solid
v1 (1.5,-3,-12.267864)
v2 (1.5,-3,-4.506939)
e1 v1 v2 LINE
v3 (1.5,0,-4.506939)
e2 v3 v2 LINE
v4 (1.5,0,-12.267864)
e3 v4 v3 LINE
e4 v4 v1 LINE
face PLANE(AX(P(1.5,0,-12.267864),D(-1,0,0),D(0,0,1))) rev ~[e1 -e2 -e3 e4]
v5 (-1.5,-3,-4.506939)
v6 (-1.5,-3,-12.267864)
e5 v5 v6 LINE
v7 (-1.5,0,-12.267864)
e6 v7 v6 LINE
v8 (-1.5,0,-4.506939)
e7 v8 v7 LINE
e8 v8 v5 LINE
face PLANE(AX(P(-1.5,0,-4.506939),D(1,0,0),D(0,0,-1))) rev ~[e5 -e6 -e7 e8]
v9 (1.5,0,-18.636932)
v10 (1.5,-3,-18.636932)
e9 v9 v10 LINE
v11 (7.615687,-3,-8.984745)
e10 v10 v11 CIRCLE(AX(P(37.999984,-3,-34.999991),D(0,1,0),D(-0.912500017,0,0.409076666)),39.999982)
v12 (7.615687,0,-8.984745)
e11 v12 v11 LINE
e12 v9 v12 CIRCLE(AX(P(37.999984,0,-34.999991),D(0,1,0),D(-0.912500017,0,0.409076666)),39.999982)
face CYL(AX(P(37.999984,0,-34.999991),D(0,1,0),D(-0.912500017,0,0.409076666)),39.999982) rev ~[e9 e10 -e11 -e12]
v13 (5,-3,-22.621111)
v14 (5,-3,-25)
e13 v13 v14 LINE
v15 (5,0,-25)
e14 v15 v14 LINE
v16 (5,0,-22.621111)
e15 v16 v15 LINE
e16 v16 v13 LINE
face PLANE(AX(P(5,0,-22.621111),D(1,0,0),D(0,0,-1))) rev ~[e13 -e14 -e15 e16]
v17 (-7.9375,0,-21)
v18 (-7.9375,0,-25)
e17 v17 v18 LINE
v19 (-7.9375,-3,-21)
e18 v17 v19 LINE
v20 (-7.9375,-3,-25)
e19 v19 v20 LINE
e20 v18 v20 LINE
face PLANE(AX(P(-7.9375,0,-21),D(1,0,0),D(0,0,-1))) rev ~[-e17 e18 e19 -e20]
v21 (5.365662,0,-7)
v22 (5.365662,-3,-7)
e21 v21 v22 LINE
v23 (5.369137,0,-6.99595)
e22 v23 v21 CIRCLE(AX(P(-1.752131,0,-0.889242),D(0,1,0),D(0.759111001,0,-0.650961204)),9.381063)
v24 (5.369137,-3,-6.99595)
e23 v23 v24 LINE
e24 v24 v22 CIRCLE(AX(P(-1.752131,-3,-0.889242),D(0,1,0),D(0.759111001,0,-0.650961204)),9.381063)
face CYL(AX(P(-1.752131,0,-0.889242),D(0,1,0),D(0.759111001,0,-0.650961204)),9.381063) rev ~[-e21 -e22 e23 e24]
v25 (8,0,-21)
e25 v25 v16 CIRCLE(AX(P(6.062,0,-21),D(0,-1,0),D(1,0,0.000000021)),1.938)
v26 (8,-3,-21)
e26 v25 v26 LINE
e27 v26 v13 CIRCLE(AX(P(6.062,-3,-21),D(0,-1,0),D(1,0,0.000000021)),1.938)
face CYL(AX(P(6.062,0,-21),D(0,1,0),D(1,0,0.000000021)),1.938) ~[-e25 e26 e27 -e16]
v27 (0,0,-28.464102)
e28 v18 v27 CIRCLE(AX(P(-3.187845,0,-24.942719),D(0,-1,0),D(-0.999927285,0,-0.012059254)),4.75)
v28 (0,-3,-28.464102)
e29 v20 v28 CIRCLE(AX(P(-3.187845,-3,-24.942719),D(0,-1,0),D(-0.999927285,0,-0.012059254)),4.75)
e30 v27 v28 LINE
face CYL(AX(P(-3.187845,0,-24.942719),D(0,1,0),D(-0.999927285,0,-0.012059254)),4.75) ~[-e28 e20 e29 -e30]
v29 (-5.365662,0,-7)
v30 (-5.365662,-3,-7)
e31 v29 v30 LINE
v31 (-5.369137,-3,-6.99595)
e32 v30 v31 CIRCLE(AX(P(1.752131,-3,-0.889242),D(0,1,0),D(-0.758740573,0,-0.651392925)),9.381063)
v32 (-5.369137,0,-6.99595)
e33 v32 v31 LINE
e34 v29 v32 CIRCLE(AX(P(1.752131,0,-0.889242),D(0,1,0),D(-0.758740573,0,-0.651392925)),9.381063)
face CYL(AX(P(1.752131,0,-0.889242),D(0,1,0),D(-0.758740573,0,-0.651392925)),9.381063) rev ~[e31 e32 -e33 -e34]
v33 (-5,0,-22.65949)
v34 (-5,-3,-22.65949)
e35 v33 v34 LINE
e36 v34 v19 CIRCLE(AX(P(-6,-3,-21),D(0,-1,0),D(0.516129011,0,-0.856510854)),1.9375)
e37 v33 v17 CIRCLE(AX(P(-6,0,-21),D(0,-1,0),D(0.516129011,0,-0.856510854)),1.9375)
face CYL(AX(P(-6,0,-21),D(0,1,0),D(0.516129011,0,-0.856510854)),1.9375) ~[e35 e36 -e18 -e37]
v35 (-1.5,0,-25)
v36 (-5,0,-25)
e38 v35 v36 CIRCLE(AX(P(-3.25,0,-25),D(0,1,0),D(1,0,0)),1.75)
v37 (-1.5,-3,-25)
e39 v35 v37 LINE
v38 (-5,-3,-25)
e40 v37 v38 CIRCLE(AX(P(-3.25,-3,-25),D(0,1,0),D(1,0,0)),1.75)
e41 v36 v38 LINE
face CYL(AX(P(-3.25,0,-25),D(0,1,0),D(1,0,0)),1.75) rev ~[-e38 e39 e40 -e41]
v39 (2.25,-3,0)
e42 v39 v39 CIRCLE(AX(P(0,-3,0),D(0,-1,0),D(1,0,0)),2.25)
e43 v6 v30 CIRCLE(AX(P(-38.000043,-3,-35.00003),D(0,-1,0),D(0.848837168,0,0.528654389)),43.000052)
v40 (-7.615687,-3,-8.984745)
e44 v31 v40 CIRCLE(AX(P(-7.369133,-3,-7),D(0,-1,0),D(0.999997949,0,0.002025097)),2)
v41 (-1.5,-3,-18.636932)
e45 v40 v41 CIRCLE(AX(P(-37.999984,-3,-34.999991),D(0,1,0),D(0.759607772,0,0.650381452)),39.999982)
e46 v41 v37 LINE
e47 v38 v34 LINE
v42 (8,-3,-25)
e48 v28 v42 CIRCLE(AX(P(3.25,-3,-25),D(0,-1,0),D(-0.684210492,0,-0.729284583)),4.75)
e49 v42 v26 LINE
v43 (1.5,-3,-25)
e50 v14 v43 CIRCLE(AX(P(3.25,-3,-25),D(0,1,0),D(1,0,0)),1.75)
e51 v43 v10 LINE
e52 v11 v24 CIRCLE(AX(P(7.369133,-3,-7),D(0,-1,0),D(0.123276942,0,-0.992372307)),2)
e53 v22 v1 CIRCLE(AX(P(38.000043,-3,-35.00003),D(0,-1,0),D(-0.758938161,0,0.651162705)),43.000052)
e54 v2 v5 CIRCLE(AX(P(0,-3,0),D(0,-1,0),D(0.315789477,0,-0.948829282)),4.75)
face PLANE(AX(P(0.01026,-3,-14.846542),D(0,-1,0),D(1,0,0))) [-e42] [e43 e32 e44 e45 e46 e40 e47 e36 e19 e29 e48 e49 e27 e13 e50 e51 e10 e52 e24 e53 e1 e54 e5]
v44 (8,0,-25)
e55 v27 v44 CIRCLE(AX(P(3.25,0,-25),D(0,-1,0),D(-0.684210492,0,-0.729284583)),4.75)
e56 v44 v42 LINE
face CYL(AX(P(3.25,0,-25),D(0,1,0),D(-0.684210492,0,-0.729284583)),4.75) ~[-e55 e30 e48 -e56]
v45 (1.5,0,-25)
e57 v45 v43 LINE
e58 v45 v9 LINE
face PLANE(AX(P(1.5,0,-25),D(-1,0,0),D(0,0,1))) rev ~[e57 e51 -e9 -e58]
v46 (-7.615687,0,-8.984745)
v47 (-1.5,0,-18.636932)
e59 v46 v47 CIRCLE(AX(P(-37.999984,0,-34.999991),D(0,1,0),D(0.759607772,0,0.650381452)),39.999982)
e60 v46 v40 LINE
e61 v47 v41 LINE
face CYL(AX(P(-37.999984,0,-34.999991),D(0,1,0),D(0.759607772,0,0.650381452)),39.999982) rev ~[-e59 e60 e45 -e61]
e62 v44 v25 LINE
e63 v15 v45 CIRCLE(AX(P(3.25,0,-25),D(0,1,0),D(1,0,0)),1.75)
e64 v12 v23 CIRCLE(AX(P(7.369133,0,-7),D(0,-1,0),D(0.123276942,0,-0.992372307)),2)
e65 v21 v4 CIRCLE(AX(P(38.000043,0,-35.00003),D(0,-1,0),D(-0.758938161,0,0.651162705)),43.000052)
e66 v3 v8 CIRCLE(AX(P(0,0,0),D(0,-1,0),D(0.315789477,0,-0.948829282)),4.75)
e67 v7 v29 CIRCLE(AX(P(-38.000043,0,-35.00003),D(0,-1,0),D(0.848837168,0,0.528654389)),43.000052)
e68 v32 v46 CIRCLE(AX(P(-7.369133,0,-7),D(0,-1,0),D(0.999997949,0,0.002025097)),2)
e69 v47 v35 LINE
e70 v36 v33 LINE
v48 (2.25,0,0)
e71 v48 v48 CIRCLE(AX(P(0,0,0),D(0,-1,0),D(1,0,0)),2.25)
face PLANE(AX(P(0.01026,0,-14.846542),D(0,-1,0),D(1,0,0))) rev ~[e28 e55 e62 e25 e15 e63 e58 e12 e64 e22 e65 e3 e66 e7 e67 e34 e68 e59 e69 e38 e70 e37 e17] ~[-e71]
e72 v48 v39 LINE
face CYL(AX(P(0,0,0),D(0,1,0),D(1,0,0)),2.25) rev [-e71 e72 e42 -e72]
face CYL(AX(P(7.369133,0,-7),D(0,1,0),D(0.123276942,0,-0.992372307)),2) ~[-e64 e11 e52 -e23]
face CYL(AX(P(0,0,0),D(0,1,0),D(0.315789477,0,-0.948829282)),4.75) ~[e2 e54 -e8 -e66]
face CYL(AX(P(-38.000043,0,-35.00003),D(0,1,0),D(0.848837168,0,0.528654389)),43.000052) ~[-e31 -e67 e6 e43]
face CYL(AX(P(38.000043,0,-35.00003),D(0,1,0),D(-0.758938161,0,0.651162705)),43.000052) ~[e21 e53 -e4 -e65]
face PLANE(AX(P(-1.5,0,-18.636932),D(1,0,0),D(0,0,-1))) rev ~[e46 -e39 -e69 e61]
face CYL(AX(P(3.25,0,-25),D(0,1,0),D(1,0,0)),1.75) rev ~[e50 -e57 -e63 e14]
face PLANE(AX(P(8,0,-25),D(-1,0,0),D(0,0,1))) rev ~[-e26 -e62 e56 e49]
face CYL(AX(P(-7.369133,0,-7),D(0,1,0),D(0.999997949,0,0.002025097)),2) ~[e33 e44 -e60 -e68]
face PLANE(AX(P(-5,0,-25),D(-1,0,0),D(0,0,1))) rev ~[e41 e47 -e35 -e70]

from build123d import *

# Parameters (mm, degrees)
F1_R     = 2.25
F0_DEPTH = 3


with BuildPart() as f0:
    # F1 (on Front) → F0 (new body)
    with BuildSketch(Plane.XZ):
        with BuildLine():
            Line((1.5, -12.267864), (1.5, -4.506939))
            ThreePointArc((1.5, -4.506939), (0, 4.75), (-1.5, -4.506939))
            Line((-1.5, -4.506939), (-1.5, -12.267864))
            ThreePointArc((-1.5, -12.267864), (-3.332627, -9.5604), (-5.365662, -7))
            Line((-5.365662, -7), (-5.369133, -7))
            ThreePointArc((-5.369133, -7), (-5.369134, -6.997975), (-5.369137, -6.99595))
            ThreePointArc((-5.369137, -6.99595), (-8.694828, -5.502491), (-7.615687, -8.984745))
            ThreePointArc((-7.615687, -8.984745), (-4.211407, -13.591334), (-1.5, -18.636932))
            Line((-1.5, -18.636932), (-1.5, -25))
            ThreePointArc((-1.5, -25), (-3.25, -26.75), (-5, -25))
            Line((-5, -25), (-5, -22.65949))
            ThreePointArc((-5, -22.65949), (-5.047003, -19.313079), (-7.9375, -21))
            Line((-7.9375, -21), (-7.9375, -25))
            ThreePointArc((-7.9375, -25), (-5.087796, -29.296187), (0, -28.464102))
            ThreePointArc((0, -28.464102), (5.137459, -29.358899), (8, -25))
            Line((8, -25), (8, -21))
            ThreePointArc((8, -21), (5.140673, -19.295007), (5, -22.621111))
            Line((5, -22.621111), (5, -25))
            ThreePointArc((5, -25), (3.25, -26.75), (1.5, -25))
            Line((1.5, -25), (1.5, -18.636932))
            ThreePointArc((1.5, -18.636932), (4.211407, -13.591334), (7.615687, -8.984745))
            ThreePointArc((7.615687, -8.984745), (8.694828, -5.502491), (5.369137, -6.99595))
            ThreePointArc((5.369137, -6.99595), (5.369134, -6.997975), (5.369133, -7))
            Line((5.369133, -7), (5.365662, -7))
            ThreePointArc((5.365662, -7), (3.332627, -9.5604), (1.5, -12.267864))
        make_face()
        Circle(F1_R, mode=Mode.SUBTRACT)
        with BuildLine():
            ThreePointArc((5.369137, -6.99595), (5.3674, -6.997975), (5.365662, -7))
            Line((5.365662, -7), (5.369133, -7))
            ThreePointArc((5.369133, -7), (5.369134, -6.997975), (5.369137, -6.99595))
        make_face()
        with BuildLine():
            Line((-5.369133, -7), (-5.365662, -7))
            ThreePointArc((-5.365662, -7), (-5.3674, -6.997975), (-5.369137, -6.99595))
            ThreePointArc((-5.369137, -6.99595), (-5.369134, -6.997975), (-5.369133, -7))
        make_face()
    extrude(amount=F0_DEPTH)


solid = f0.part
